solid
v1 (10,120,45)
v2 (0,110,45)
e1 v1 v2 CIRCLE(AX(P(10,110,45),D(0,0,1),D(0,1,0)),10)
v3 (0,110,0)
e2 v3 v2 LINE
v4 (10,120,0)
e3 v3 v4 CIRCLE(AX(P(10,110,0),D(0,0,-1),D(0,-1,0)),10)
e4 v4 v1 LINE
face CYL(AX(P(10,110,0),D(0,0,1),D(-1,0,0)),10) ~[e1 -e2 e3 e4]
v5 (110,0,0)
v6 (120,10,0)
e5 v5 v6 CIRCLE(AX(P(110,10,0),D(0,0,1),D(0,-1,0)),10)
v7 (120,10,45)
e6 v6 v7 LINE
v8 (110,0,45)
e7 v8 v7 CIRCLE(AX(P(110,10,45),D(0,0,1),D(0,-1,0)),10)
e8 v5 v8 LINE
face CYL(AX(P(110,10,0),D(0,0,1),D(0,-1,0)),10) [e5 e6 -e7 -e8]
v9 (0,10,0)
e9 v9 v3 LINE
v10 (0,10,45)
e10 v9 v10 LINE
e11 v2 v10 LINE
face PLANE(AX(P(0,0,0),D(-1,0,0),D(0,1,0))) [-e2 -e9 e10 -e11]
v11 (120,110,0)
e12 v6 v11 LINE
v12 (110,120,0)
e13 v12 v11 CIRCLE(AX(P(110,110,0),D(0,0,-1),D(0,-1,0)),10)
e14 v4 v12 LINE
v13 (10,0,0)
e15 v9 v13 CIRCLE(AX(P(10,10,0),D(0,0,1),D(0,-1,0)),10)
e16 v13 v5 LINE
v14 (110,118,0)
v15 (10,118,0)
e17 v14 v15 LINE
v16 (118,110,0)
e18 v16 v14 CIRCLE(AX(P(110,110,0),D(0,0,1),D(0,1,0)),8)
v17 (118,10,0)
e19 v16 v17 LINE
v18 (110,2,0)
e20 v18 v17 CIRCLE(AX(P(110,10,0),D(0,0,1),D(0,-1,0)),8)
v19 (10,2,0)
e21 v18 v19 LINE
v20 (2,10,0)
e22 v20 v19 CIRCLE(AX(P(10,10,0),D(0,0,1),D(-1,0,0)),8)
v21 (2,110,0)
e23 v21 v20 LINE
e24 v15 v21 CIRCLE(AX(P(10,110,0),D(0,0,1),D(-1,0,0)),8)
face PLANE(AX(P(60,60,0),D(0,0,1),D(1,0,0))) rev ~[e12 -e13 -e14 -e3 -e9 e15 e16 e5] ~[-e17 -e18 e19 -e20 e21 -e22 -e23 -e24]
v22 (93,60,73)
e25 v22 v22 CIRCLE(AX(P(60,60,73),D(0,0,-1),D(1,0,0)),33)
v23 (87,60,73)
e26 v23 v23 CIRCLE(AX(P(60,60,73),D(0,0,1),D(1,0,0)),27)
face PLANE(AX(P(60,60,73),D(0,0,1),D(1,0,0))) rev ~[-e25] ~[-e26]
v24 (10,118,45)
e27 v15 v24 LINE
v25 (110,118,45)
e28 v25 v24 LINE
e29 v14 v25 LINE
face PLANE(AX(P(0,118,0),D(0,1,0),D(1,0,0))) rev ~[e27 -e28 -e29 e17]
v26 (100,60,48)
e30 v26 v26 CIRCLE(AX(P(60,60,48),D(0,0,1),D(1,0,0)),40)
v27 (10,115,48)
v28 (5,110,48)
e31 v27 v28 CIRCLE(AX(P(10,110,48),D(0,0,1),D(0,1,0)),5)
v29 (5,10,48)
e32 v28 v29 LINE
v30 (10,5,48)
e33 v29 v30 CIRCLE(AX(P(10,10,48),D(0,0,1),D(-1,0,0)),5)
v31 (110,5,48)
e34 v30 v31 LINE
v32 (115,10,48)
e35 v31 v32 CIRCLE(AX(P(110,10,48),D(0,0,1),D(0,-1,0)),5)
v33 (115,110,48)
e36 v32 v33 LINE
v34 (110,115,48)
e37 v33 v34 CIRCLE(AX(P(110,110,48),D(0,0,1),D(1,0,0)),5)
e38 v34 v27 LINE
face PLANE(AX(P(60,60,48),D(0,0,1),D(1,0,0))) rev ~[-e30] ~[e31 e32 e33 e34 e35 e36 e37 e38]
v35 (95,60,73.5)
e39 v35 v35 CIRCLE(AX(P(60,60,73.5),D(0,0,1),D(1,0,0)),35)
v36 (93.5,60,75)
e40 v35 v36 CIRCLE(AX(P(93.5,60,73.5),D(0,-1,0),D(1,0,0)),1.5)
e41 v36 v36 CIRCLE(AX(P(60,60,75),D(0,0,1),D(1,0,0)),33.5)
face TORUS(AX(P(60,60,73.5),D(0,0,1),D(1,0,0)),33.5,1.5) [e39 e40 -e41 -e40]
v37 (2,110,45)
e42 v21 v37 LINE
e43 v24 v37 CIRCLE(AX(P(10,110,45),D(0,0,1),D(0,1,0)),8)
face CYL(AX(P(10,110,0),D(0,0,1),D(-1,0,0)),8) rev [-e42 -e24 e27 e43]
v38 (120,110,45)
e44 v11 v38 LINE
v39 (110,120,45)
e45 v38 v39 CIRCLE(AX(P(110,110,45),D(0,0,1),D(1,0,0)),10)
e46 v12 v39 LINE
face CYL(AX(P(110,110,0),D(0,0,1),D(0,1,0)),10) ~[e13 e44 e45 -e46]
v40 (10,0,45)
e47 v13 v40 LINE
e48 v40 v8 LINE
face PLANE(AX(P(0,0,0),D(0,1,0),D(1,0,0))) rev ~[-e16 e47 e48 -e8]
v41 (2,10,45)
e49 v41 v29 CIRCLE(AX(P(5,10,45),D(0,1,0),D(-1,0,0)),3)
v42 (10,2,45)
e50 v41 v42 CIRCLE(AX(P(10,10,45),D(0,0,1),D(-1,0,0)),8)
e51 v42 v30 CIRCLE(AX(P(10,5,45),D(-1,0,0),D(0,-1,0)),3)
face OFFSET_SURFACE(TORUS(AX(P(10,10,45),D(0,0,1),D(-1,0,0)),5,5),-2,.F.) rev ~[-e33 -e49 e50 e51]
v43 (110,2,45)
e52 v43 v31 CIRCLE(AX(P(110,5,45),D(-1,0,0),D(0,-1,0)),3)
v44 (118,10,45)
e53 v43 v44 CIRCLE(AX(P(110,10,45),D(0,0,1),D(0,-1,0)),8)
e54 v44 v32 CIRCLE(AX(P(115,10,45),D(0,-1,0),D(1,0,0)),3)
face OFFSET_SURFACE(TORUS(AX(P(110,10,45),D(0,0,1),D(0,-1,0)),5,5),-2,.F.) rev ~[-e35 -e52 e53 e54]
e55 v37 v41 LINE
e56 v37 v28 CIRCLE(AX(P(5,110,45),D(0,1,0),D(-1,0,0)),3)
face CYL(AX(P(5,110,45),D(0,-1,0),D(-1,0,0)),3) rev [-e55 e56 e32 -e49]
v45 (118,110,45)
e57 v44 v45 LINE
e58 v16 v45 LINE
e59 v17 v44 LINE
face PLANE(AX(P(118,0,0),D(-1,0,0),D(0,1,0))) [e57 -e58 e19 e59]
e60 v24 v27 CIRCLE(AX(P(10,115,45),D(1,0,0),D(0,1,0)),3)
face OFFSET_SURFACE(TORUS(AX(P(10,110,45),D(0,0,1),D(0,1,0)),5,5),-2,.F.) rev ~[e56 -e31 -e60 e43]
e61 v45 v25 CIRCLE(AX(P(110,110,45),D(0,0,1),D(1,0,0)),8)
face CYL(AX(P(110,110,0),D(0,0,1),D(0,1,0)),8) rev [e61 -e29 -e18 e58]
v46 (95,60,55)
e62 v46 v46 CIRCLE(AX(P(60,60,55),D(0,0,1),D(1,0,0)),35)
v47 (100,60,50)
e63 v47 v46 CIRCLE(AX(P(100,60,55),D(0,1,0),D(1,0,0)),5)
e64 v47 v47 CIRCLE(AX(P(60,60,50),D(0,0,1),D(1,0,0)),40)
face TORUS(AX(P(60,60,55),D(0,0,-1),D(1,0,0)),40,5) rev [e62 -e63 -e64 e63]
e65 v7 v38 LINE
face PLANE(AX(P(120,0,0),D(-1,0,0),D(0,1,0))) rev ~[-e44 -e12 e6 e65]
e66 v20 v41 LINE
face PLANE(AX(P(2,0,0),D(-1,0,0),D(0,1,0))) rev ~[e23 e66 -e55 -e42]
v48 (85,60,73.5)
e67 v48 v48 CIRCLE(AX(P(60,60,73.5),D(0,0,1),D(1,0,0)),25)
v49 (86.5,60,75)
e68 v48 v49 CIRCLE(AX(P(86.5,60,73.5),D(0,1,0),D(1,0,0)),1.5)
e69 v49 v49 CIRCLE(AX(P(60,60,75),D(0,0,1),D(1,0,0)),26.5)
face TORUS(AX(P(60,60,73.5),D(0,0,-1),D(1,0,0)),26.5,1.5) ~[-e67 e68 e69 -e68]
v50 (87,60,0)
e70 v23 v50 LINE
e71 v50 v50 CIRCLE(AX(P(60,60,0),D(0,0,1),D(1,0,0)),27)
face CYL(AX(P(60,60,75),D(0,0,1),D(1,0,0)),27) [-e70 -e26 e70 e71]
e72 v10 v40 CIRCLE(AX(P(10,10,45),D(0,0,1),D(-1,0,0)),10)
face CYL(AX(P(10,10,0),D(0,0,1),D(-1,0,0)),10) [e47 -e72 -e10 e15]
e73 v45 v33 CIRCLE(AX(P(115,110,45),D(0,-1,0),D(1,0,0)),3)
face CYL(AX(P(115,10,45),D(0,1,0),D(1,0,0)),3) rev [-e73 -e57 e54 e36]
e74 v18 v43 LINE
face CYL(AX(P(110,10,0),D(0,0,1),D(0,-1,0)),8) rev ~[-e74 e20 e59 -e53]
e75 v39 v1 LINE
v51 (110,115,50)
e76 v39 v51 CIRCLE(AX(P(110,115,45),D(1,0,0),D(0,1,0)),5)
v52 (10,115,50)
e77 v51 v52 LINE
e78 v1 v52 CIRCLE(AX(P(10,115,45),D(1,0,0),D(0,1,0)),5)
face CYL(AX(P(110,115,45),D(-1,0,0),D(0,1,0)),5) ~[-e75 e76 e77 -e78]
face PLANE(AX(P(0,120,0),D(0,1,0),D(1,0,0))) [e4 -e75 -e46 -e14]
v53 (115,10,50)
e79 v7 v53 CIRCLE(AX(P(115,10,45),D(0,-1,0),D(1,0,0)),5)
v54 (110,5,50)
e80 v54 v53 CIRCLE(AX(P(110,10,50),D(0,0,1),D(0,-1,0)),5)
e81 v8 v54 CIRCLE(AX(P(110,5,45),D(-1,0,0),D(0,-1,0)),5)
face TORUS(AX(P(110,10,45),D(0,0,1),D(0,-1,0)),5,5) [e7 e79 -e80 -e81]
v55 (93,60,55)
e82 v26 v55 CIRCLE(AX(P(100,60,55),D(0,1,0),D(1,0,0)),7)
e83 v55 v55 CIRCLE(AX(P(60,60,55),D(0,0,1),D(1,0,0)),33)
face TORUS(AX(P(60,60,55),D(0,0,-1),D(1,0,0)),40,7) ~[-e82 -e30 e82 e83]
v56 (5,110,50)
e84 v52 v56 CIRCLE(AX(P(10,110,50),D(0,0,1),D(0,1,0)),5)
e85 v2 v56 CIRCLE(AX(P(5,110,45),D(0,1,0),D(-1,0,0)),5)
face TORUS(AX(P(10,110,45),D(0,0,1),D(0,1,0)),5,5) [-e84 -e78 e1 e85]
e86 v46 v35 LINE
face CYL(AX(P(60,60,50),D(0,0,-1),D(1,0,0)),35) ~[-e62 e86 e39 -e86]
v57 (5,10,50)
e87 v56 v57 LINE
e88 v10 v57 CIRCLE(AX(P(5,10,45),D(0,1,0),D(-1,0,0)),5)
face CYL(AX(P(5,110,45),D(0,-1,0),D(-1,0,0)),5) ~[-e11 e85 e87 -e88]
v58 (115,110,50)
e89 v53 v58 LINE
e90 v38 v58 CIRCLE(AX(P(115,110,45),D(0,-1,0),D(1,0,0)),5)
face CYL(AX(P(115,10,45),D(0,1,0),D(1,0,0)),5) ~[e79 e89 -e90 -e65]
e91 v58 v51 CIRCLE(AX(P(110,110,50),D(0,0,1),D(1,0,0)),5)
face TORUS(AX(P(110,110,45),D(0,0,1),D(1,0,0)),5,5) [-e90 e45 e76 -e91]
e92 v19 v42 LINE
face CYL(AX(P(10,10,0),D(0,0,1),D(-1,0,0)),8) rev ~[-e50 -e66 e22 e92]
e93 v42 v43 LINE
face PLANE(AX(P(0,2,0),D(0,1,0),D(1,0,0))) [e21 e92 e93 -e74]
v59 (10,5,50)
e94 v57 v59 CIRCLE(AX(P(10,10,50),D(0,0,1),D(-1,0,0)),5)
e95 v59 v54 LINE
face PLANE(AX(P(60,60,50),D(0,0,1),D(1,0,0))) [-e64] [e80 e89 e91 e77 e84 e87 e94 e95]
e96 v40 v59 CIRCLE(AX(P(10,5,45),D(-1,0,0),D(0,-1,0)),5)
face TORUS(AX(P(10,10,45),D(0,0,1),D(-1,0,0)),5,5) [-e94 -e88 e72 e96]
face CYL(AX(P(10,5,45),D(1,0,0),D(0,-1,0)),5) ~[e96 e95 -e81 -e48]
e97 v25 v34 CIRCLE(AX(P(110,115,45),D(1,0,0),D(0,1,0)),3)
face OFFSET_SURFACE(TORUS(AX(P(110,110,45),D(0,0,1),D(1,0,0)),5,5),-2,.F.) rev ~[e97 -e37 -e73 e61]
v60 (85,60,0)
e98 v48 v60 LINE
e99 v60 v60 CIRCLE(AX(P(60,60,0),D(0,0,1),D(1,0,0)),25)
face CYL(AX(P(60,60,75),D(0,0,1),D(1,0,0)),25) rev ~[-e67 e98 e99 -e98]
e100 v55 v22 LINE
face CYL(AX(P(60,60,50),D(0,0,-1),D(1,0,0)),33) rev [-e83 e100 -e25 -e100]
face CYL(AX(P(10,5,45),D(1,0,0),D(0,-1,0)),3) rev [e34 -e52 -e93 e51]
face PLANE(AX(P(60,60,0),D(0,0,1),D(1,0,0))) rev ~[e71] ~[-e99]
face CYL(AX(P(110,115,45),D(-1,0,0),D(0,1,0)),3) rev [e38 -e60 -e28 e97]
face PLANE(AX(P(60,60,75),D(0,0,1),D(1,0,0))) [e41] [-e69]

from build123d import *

# Parameters (mm, degrees)
SKETCH1_W           = 120
SKETCH1_H           = 120
BOSS_EXTRUDE1_DEPTH = 50
SKETCH2_R           = 35
BOSS_EXTRUDE2_DEPTH = 25
SKETCH3_R           = 25
CUT_EXTRUDE1_DEPTH  = 76
FILLET1_R           = 10
FILLET2_R           = 1.5
FILLET3_R           = 5
SHELL1_T            = -2


with BuildPart() as part:
    # Sketch1 → Boss-Extrude1 (new body)
    with BuildSketch(Plane.XY):
        with Locations((60, 60)):
            Rectangle(SKETCH1_W, SKETCH1_H)
    extrude(amount=BOSS_EXTRUDE1_DEPTH)

    # Sketch2 → Boss-Extrude2 (add)
    with BuildSketch(Plane.XY.offset(50)):
        with Locations((60, 60)):
            Circle(SKETCH2_R)
    extrude(amount=BOSS_EXTRUDE2_DEPTH)

    # Sketch3 → Cut-Extrude1 (cut, through all)
    with BuildSketch(Plane.XY.offset(75)):
        with Locations((60, 60)):
            Circle(SKETCH3_R)
    extrude(amount=-CUT_EXTRUDE1_DEPTH, mode=Mode.SUBTRACT)

    # Fillet1
    fillet1_edges = [part.edges().sort_by_distance(p)[0] for p in [
        (0, 120, 25),
        (120, 120, 25),
        (120, 0, 25),
        (0, 0, 25),
    ]]
    fillet(fillet1_edges, radius=FILLET1_R)

    # Fillet2
    fillet2_edges = [part.edges().sort_by_distance(p)[0] for p in [
        (25, 60, 75),
        (35, 60, 75),
    ]]
    fillet(fillet2_edges, radius=FILLET2_R)

    # Fillet3
    fillet3_edges = [part.edges().sort_by_distance(p)[0] for p in [
        (25, 60, 50),
        (60, 0, 50),
        (0, 60, 50),
        (120, 60, 50),
        (60, 120, 50),
        (117.071067812, 117.071067812, 50),
        (2.928932188, 117.071067812, 50),
        (117.071067812, 2.928932188, 50),
        (2.928932188, 2.928932188, 50),
    ]]
    fillet(fillet3_edges, radius=FILLET3_R)

    # Shell1
    shell1_openings = [part.faces().sort_by_distance(p)[0] for p in [
        (85, 60, 0),
    ]]
    offset(amount=SHELL1_T, openings=shell1_openings, kind=Kind.INTERSECTION)


solid = part.part
